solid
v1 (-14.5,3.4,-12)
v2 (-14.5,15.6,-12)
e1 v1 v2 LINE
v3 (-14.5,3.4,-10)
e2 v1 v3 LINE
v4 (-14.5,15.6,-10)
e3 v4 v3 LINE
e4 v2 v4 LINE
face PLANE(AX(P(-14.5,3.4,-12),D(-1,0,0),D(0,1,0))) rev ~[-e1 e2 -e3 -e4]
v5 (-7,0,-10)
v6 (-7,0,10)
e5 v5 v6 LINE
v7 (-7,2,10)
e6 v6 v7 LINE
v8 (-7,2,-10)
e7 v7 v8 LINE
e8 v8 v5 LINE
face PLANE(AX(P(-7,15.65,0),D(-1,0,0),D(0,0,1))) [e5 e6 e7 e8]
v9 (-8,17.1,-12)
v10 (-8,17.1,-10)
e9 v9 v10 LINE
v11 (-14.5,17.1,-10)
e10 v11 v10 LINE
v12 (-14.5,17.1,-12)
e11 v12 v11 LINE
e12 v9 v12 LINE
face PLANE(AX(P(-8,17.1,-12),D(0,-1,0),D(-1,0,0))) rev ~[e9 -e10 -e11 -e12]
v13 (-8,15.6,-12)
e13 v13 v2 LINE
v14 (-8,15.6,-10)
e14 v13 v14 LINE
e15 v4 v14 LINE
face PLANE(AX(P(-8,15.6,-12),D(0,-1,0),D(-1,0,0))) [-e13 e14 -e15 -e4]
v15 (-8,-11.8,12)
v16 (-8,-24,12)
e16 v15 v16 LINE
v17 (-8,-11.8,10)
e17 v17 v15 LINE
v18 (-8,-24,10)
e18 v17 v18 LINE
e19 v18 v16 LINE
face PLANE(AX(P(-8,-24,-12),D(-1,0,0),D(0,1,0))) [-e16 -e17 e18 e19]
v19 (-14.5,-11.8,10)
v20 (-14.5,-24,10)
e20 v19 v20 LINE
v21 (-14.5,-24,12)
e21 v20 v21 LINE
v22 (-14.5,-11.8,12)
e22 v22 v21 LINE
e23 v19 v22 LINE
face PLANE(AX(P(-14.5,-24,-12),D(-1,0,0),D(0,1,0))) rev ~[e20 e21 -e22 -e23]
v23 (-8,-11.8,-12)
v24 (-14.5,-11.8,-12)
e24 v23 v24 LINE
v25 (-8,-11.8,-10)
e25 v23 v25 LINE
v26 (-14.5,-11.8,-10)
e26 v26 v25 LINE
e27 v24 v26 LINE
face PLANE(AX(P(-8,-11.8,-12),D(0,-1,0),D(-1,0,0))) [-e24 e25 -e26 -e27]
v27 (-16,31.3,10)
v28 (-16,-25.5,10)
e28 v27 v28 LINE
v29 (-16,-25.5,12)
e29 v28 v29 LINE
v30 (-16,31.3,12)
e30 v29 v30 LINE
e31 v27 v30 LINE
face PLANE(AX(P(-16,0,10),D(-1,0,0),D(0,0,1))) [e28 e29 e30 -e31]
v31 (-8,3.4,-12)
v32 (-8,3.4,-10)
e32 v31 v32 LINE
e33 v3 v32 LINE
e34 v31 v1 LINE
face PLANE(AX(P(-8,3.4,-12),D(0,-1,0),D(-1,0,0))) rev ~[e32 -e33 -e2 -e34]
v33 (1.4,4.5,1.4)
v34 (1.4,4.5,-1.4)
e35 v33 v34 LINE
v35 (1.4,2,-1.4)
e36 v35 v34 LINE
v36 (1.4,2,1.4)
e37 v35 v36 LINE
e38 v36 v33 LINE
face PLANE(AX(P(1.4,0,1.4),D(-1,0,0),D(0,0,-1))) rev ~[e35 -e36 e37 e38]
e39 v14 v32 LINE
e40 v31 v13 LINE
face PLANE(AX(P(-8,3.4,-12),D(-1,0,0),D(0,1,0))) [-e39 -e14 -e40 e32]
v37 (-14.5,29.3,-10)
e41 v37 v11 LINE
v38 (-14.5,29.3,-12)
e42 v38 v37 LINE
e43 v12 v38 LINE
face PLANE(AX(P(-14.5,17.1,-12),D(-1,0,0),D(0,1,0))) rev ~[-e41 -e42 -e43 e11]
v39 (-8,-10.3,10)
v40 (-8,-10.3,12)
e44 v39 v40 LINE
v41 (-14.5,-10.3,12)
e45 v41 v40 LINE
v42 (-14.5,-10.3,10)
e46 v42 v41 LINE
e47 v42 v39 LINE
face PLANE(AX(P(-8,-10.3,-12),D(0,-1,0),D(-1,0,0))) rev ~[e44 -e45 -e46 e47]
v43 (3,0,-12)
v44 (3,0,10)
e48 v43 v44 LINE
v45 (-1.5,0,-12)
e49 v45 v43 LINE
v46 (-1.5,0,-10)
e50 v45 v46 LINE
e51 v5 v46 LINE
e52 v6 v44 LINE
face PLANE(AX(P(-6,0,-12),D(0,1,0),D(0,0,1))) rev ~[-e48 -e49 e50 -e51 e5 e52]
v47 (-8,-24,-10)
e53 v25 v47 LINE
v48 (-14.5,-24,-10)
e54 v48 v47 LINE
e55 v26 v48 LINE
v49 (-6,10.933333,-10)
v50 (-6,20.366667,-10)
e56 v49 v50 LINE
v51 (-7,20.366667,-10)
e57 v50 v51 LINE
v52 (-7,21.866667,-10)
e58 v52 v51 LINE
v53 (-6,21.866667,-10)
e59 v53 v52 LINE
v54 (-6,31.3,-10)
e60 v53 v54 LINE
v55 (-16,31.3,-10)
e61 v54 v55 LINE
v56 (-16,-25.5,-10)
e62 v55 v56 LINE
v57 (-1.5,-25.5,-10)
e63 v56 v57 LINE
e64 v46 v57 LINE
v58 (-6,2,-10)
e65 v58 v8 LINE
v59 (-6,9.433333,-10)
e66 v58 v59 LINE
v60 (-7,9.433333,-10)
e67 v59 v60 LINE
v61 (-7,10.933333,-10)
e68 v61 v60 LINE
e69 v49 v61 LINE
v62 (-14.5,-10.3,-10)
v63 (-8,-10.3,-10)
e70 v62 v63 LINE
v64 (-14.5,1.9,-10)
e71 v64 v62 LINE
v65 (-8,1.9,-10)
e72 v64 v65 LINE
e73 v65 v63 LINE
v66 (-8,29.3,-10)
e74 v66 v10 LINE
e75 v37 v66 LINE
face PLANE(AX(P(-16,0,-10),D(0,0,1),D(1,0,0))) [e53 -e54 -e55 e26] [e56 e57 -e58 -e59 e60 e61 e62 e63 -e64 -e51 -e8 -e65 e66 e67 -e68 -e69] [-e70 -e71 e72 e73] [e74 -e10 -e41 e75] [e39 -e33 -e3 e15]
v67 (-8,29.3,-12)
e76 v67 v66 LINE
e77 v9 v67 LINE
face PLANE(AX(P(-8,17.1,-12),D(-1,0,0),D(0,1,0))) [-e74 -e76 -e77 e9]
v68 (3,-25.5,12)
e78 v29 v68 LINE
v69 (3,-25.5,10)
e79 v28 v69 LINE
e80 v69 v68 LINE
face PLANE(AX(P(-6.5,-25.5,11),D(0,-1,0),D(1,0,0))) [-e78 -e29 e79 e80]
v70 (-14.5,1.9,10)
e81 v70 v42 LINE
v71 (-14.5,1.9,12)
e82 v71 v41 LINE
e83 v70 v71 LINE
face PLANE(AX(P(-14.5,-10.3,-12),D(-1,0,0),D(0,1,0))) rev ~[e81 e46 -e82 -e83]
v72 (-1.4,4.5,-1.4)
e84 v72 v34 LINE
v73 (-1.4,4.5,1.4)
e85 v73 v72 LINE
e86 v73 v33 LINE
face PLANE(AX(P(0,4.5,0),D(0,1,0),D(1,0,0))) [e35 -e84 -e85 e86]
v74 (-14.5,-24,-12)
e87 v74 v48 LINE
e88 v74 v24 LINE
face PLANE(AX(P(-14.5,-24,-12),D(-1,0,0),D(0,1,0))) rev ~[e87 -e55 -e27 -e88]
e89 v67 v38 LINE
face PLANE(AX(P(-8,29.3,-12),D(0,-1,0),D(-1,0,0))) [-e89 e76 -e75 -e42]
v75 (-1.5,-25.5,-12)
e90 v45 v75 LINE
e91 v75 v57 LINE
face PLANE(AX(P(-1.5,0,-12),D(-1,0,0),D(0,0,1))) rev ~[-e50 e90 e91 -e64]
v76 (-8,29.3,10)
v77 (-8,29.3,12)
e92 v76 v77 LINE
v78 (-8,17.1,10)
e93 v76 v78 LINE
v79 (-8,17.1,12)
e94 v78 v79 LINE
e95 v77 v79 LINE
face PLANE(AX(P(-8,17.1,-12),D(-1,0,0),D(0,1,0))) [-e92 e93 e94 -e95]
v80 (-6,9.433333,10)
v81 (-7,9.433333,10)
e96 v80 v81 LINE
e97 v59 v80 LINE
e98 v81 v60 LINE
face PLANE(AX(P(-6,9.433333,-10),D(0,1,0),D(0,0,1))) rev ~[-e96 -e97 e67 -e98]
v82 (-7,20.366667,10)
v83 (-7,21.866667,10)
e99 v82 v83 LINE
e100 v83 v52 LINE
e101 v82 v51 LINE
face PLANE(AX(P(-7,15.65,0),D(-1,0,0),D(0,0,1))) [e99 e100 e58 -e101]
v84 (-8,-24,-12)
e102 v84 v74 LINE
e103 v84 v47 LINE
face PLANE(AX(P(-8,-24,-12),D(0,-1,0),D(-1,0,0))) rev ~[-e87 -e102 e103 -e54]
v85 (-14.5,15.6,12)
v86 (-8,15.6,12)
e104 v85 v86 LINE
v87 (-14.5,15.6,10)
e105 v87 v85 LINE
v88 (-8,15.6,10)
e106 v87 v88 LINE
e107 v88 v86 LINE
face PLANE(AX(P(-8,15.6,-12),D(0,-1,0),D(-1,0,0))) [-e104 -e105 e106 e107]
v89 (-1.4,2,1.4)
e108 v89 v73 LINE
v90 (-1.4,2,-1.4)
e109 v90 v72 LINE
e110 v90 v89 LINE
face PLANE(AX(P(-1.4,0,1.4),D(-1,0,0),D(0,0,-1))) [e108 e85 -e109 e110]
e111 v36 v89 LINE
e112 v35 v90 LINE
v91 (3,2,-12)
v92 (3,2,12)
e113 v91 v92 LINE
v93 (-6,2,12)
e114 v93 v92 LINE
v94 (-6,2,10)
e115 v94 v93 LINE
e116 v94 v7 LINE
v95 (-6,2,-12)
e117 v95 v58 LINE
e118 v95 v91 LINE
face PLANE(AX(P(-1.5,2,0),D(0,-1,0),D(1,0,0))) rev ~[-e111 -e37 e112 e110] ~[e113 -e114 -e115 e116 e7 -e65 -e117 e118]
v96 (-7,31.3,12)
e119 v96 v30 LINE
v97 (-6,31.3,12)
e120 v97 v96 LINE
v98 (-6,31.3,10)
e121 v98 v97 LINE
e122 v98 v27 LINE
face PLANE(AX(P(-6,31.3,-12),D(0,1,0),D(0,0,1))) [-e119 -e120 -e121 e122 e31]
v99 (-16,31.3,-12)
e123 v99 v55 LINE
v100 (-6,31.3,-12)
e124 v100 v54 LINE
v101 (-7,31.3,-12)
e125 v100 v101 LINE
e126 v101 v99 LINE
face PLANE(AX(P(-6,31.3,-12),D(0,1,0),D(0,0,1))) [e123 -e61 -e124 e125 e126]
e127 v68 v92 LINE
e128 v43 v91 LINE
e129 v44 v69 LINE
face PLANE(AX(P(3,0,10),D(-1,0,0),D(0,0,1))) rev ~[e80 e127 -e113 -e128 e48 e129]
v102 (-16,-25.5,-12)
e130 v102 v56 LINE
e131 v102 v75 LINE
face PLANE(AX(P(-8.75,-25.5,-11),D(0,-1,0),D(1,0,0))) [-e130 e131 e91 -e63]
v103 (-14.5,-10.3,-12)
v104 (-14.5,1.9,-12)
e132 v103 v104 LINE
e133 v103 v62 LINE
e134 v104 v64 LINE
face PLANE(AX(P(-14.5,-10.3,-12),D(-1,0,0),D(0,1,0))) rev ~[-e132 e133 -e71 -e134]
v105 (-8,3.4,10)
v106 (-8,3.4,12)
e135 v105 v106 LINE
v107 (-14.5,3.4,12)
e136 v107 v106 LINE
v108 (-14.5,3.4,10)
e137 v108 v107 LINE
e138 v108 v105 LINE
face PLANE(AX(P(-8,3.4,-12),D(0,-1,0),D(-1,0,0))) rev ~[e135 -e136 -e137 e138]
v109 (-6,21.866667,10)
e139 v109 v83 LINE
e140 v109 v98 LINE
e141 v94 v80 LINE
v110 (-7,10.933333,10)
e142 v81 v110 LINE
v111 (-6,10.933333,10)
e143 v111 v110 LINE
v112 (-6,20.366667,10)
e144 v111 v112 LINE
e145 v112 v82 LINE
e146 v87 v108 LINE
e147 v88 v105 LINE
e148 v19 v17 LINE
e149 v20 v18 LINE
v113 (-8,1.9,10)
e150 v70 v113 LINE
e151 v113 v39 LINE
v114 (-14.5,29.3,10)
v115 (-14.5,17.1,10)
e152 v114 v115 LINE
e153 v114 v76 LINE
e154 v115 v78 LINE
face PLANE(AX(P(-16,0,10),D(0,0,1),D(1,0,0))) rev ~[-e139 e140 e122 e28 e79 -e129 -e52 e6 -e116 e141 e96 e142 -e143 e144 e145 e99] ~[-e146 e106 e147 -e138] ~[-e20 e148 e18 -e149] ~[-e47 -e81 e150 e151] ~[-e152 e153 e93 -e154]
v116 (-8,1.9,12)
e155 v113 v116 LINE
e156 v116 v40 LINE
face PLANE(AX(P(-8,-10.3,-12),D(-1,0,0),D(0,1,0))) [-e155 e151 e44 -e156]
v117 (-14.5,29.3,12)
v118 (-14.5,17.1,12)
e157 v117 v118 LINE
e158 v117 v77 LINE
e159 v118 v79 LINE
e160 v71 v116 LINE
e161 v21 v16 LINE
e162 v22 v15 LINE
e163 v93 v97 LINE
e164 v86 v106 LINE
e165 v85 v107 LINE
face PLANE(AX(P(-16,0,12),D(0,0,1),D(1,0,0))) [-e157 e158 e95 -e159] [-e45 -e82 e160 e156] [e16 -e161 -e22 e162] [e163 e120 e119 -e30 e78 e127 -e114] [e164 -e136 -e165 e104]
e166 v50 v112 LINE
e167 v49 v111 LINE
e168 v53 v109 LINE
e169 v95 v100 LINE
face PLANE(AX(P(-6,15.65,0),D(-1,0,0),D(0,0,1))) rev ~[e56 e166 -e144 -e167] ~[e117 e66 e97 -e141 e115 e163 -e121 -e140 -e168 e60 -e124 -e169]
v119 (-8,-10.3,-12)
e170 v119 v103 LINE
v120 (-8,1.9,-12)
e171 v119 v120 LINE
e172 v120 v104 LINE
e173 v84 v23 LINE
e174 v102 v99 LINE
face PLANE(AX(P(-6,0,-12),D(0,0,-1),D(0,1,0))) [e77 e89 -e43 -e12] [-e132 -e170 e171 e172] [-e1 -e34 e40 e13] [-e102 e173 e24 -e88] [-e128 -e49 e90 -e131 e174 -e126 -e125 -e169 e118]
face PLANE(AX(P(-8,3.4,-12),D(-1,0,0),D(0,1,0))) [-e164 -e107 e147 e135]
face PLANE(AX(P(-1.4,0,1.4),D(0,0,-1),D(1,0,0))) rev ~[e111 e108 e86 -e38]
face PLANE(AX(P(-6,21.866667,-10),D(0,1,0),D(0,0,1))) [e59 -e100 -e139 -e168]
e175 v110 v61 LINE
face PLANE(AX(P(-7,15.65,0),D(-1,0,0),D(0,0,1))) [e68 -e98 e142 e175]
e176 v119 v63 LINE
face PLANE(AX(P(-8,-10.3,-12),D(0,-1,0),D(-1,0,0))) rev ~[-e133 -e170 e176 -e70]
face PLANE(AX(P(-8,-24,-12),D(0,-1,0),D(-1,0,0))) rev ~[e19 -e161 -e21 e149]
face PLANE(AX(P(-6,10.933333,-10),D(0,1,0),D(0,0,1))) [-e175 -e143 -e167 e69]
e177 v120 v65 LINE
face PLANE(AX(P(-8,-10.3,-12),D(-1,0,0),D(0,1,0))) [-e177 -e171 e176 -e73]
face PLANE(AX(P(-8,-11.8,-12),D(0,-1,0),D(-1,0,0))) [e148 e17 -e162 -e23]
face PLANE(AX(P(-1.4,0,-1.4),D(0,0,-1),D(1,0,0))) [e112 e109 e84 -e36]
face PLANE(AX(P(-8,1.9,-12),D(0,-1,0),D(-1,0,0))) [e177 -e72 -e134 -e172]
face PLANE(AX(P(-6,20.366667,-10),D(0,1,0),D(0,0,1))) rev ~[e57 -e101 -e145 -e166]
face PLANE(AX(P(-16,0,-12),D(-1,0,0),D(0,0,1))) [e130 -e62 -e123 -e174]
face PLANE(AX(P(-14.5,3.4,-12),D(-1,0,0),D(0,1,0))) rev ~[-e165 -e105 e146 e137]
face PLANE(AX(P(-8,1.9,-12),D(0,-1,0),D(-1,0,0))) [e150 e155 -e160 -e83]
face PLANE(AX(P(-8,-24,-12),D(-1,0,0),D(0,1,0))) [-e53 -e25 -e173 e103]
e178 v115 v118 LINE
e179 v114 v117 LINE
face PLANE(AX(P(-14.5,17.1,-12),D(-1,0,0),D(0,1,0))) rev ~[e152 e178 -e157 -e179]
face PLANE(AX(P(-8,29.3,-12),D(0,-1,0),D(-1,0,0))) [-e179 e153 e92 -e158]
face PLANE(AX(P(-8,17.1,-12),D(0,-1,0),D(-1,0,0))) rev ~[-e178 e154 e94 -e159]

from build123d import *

# Parameters (mm, degrees)
SKETCH_1_W          = 2.8
SKETCH_1_H          = 2.8
EXTRUDE_1_DEPTH     = 4.5
SKETCH_2_W          = 9
SKETCH_2_H          = 24
EXTRUDE_2_DEPTH     = 2
SKETCH_3_W          = 24
SKETCH_3_H          = 31.3
EXTRUDE_3_DEPTH     = 1
SKETCH_3_3_W        = 20
SKETCH_3_3_H        = 7.433333333
SKETCH_3_3_H_2      = 9.433333334
SKETCH_3_3_H_3      = 9.433333333
CUT_EXTRUDE_1_DEPTH = 35.708644456
SKETCH_3_4_W        = 2
SKETCH_3_4_H        = 31.3
EXTRUDE_4_DEPTH     = 10
SKETCH_5_W          = 19
SKETCH_5_H          = 2
SKETCH_5_W_2        = 14.5
EXTRUDE_5_DEPTH     = 25.5
SKETCH_6_W          = 6.5
SKETCH_6_H          = 12.2
CUT_EXTRUDE_2_DEPTH = 43.563951884


with BuildPart() as part:
    # 草图1 → 凸台-拉伸1 (new body)
    with BuildSketch(Plane(origin=(0, 0, 0), x_dir=(1, 0, 0), z_dir=(0, 1, 0))):
        Rectangle(SKETCH_1_W, SKETCH_1_H)
    extrude(amount=EXTRUDE_1_DEPTH)

    # 草图2 → 凸台-拉伸2 (add)
    with BuildSketch(Plane.XZ):
        with Locations((-1.5, 0)):
            Rectangle(SKETCH_2_W, SKETCH_2_H)
    extrude(amount=-EXTRUDE_2_DEPTH)

    # 草图3 → 凸台-拉伸3 (add)
    with BuildSketch(Plane.ZY.offset(6)):
        with Locations((0, 15.65)):
            Rectangle(SKETCH_3_W, SKETCH_3_H)
    extrude(amount=EXTRUDE_3_DEPTH)

    # 草图3<3> → 切除-拉伸1 (cut, through all)
    with BuildSketch(Plane.ZY.offset(6)):
        with Locations((0, 5.716666667)):
            Rectangle(SKETCH_3_3_W, SKETCH_3_3_H)
        with Locations((0, 15.65)):
            Rectangle(SKETCH_3_3_W, SKETCH_3_3_H_2)
        with Locations((0, 26.583333334)):
            Rectangle(SKETCH_3_3_W, SKETCH_3_3_H_3)
    extrude(amount=CUT_EXTRUDE_1_DEPTH, mode=Mode.SUBTRACT)

    # 草图3<4> → 凸台-拉伸4 (add)
    with BuildSketch(Plane.ZY.offset(6)):
        with Locations((11, 15.65)):
            Rectangle(SKETCH_3_4_W, SKETCH_3_4_H)
        with Locations((-11, 15.65)):
            Rectangle(SKETCH_3_4_W, SKETCH_3_4_H)
    extrude(amount=EXTRUDE_4_DEPTH)

    # 草图5 → 凸台-拉伸5 (add)
    with BuildSketch(Plane.XZ):
        with Locations((-6.5, 11)):
            Rectangle(SKETCH_5_W, SKETCH_5_H)
        with Locations((-8.75, -11)):
            Rectangle(SKETCH_5_W_2, SKETCH_5_H)
    extrude(amount=EXTRUDE_5_DEPTH)

    # 草图6 → 切除-拉伸2 (cut, through all)
    with BuildSketch(Plane(origin=(0, 0, -12), x_dir=(-1, 0, 0), z_dir=(0, 0, -1))):
        with Locations((11.25, -17.9)):
            Rectangle(SKETCH_6_W, SKETCH_6_H)
        with Locations((11.25, -4.2)):
            Rectangle(SKETCH_6_W, SKETCH_6_H)
        with Locations((11.25, 9.5)):
            Rectangle(SKETCH_6_W, SKETCH_6_H)
        with Locations((11.25, 23.2)):
            Rectangle(SKETCH_6_W, SKETCH_6_H)
    extrude(amount=-CUT_EXTRUDE_2_DEPTH, mode=Mode.SUBTRACT)


solid = part.part
